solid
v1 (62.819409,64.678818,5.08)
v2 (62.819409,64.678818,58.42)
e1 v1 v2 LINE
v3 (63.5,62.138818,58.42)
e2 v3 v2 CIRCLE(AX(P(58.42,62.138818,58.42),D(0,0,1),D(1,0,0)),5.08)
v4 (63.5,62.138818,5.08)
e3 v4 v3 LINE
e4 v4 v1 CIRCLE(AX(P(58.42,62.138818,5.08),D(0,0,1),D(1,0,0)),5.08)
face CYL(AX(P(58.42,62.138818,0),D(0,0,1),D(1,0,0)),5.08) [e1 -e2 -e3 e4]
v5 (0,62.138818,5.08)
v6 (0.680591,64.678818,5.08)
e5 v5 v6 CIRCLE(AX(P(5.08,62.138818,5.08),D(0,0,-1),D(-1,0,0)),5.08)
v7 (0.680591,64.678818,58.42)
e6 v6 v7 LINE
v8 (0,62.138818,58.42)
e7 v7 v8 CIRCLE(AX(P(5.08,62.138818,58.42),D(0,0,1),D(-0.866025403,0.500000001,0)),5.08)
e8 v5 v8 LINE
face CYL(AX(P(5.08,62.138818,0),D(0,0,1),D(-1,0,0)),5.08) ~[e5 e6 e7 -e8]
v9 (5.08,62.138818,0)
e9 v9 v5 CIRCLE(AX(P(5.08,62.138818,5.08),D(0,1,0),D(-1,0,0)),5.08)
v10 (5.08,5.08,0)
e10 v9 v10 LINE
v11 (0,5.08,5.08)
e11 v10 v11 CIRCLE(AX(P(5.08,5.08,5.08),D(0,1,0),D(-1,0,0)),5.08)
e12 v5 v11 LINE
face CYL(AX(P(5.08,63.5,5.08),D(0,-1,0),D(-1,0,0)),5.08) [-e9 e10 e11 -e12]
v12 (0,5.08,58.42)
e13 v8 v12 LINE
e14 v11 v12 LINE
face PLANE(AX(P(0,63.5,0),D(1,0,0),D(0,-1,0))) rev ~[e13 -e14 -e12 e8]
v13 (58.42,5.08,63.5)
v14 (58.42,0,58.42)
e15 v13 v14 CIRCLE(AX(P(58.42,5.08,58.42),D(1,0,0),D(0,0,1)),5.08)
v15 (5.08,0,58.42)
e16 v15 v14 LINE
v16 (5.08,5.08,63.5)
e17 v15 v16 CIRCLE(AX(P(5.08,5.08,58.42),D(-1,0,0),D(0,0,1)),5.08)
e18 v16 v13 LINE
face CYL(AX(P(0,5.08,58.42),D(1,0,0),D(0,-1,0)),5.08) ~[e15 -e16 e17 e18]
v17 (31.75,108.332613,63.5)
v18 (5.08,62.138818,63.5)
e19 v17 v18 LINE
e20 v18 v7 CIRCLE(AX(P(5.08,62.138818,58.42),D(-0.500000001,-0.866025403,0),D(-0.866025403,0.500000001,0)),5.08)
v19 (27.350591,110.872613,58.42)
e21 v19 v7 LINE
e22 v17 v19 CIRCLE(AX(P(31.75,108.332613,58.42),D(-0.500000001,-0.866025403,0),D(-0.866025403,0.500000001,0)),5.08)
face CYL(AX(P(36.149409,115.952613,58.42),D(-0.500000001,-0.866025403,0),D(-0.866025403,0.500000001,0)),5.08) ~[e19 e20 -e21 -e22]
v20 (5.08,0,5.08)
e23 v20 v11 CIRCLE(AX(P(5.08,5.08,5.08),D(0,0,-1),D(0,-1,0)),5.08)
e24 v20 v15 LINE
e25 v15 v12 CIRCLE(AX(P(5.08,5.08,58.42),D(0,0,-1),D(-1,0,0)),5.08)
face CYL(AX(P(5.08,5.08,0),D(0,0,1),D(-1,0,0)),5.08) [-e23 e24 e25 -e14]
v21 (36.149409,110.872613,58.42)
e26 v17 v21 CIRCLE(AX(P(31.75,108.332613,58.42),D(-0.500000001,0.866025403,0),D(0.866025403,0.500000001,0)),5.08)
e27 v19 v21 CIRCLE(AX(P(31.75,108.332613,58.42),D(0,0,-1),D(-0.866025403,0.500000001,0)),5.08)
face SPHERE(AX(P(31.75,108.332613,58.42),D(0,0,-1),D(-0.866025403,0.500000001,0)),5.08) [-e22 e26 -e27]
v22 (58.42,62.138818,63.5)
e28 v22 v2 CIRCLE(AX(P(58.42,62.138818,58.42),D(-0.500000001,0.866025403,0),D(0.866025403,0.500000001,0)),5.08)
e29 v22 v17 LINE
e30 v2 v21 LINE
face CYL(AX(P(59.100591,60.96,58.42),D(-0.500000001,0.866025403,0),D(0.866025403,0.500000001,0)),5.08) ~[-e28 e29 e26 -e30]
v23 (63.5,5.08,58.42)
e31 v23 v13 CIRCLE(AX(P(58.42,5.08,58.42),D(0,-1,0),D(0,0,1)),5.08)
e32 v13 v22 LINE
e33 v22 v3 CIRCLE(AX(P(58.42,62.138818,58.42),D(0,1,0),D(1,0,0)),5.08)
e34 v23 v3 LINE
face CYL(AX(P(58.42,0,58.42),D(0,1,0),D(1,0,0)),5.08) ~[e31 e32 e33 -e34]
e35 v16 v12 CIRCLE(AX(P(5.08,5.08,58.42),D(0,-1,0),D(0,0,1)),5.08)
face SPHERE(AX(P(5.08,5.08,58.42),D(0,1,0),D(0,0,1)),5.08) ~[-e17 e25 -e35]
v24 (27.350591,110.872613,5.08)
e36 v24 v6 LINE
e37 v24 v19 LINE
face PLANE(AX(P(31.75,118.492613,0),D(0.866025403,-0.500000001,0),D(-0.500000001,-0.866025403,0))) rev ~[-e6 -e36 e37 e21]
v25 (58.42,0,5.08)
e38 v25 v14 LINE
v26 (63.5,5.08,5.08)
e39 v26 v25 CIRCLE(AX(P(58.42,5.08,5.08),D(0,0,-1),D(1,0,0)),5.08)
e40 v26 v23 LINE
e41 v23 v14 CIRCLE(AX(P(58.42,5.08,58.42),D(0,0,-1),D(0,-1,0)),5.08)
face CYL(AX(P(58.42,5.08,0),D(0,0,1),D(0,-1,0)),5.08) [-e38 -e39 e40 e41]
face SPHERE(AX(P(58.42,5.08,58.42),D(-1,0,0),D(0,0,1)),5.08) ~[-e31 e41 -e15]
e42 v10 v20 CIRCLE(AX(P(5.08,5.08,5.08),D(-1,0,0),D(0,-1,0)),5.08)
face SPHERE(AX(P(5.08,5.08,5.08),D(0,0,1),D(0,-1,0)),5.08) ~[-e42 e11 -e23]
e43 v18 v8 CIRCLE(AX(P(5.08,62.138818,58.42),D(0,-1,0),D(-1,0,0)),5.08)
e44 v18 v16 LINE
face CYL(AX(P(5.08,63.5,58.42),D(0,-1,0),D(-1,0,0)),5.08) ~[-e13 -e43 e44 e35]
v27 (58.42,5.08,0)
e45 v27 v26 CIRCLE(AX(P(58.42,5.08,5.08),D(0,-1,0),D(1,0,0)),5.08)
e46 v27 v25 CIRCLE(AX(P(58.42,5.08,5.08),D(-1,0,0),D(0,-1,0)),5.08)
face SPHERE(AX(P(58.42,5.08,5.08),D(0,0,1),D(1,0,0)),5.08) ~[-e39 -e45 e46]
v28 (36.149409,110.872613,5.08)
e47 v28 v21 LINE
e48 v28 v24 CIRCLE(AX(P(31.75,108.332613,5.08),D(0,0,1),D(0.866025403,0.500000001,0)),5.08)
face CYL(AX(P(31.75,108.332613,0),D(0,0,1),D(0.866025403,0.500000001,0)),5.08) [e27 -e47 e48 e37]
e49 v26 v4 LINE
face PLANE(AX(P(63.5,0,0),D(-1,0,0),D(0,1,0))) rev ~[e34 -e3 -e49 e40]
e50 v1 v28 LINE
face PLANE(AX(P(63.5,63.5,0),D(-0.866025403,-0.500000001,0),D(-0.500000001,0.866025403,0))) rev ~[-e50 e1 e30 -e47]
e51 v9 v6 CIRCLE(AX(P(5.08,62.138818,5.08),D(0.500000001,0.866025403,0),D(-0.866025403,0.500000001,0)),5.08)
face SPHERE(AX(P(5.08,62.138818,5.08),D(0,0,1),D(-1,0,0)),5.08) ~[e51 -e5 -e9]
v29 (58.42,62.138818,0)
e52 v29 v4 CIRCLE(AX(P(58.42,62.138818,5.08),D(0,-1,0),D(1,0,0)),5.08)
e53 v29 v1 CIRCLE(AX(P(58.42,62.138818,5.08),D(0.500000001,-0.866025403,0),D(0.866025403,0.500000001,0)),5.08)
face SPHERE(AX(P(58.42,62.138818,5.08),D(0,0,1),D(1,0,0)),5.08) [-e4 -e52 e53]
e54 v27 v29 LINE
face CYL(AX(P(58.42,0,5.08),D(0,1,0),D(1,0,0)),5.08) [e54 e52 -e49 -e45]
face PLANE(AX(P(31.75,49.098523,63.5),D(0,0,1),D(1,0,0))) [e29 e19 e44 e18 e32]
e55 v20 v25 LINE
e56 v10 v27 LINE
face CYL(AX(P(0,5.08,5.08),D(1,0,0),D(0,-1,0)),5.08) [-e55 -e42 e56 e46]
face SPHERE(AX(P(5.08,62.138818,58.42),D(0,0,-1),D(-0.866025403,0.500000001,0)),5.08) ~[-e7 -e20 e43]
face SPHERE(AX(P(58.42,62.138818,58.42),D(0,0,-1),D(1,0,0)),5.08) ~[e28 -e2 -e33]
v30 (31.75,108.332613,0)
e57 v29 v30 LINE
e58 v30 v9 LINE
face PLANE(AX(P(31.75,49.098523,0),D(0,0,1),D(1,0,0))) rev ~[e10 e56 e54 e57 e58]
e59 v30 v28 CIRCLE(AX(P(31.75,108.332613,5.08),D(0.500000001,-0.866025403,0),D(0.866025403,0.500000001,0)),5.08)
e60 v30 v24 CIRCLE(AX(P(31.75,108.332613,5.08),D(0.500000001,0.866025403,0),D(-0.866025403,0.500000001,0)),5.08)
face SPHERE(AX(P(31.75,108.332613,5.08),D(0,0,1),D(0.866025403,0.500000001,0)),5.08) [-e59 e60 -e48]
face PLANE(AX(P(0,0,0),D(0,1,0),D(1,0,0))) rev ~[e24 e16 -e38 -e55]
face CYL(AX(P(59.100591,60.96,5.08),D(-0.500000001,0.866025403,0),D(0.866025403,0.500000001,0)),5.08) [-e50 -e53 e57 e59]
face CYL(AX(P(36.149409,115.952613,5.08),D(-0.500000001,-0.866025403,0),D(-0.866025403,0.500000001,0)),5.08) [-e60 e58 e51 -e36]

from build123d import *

# Parameters (mm, degrees)
F1_DEPTH = 63.5
F2_R     = 5.08


with BuildPart() as f1:
    # F0 (on Top) → F1 (new body)
    with BuildSketch(Plane.XY):
        Polygon((0, 63.5), (0, 0), (63.5, 0), (63.5, 63.5), (31.75, 118.492613), align=None)
    extrude(amount=F1_DEPTH)

    # F2
    f2_edges = [f1.edges().sort_by_distance(p)[0] for p in [
        (15.875, 90.996307, 63.5),
        (0, 31.75, 63.5),
        (31.75, 0, 63.5),
        (63.5, 31.75, 63.5),
        (47.625, 90.996307, 63.5),
        (63.5, 0, 31.75),
        (63.5, 63.5, 31.75),
        (63.5, 31.75, 0),
        (31.75, 118.492613, 31.75),
        (47.625, 90.996307, 0),
        (0, 0, 31.75),
        (31.75, 0, 0),
        (0, 63.5, 31.75),
        (0, 31.75, 0),
        (15.875, 90.996307, 0),
    ]]
    fillet(f2_edges, radius=F2_R)


solid = f1.part
